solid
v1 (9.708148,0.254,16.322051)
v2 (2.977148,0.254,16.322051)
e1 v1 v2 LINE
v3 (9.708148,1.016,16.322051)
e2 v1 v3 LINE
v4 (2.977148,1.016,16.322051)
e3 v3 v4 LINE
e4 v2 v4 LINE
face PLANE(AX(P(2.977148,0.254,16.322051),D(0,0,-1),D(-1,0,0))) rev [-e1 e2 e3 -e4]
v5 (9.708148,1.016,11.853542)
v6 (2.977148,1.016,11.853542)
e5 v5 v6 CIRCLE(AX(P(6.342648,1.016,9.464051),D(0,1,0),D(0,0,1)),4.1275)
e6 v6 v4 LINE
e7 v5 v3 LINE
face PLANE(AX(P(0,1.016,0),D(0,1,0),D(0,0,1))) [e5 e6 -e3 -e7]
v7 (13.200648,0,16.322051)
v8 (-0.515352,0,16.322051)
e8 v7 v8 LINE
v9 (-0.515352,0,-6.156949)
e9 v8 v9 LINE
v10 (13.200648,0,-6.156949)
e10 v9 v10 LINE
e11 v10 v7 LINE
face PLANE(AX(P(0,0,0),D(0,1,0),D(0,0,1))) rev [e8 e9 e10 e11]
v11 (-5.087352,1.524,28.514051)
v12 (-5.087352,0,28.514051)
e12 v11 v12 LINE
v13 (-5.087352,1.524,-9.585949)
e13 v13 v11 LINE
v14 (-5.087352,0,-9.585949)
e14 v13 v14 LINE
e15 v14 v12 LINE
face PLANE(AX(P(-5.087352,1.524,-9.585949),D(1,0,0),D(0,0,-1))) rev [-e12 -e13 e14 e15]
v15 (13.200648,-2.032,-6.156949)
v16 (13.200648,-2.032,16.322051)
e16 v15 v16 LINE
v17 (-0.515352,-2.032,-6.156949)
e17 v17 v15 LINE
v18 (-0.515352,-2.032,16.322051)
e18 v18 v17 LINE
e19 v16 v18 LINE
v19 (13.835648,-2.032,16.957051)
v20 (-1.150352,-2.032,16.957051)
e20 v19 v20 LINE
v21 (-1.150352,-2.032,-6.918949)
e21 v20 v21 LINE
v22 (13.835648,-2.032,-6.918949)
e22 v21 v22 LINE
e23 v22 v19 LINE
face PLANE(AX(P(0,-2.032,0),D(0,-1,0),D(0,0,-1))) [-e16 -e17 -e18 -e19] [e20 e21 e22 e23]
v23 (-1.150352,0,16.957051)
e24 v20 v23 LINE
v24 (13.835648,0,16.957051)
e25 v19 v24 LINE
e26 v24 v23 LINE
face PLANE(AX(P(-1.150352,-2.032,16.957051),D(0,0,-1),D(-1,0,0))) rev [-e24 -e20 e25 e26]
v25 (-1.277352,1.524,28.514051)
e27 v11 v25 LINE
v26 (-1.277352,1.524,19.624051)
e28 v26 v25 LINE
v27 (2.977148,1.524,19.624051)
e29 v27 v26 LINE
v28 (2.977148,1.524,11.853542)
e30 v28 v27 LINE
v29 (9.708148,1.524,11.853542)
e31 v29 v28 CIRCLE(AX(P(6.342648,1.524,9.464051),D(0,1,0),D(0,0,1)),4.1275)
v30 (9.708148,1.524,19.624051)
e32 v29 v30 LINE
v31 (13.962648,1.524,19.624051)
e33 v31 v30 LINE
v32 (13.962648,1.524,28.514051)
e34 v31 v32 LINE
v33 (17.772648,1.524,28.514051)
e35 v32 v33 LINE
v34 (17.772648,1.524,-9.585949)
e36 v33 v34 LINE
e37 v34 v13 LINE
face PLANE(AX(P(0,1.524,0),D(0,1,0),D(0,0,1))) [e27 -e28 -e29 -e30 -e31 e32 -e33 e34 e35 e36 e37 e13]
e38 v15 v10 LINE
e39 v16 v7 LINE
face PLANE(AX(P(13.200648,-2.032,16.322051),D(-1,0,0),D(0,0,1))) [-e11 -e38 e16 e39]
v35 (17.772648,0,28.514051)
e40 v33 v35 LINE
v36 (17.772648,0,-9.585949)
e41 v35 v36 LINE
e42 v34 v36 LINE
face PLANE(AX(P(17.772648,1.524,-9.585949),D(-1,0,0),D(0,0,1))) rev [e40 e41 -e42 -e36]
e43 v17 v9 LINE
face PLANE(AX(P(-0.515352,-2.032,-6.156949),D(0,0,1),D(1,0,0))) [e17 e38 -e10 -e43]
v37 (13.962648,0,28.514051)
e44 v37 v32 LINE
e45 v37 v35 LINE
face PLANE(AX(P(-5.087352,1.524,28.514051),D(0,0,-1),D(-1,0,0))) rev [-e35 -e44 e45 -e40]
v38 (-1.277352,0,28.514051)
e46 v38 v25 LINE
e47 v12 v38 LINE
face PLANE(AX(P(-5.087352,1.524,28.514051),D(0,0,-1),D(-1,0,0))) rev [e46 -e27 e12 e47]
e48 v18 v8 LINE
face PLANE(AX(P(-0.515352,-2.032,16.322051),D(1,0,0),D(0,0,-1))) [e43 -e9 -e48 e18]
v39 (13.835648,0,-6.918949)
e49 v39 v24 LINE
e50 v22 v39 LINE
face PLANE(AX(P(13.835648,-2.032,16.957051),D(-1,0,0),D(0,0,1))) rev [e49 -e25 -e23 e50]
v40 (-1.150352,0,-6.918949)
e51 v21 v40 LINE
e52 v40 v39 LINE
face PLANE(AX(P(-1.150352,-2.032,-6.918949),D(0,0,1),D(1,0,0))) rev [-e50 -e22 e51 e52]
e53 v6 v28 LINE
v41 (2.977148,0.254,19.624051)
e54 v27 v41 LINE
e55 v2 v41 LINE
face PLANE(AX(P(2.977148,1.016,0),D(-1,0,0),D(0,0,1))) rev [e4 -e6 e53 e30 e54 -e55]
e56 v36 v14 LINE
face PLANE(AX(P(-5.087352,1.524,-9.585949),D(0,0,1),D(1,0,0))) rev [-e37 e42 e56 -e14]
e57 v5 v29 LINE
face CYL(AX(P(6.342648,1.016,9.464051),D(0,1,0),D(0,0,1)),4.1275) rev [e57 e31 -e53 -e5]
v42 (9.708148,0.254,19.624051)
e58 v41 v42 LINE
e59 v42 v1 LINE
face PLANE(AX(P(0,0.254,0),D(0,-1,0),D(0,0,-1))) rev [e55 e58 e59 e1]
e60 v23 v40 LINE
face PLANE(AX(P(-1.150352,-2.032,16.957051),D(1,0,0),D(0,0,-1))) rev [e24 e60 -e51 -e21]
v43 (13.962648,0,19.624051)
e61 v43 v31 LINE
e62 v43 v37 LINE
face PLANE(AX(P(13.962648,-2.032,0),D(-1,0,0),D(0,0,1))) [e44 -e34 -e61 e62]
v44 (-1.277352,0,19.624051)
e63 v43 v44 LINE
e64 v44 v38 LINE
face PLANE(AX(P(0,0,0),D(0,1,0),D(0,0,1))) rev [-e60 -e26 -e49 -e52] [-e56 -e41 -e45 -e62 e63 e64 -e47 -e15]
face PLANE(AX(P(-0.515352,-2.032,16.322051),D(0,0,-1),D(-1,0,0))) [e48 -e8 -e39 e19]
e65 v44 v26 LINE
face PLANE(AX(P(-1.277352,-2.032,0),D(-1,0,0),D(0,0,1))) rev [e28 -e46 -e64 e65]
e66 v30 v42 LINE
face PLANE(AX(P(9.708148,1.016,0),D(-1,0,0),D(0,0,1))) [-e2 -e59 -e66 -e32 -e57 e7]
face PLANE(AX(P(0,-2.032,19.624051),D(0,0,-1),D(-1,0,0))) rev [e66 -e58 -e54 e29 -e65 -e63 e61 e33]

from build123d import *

# Parameters (mm, degrees)
SKETCH1_W           = 22.86
SKETCH1_H           = 38.1
BOSS_EXTRUDE1_DEPTH = 1.524
SKETCH2_W           = 14.986
SKETCH2_H           = 23.876
SKETCH2_W_2         = 13.716
SKETCH2_H_2         = 22.479
BOSS_EXTRUDE2_DEPTH = 2.032
CUT_EXTRUDE2_DEPTH  = 0.508
CUT_EXTRUDE3_START  = 0.508
SKETCH6_W           = 15.24
SKETCH6_H           = 8.89
CUT_EXTRUDE3_DEPTH  = 35.245345025
SKETCH7_W           = 6.731
SKETCH7_H           = 3.302
CUT_EXTRUDE4_DEPTH  = 0.762


with BuildPart() as part:
    # Sketch1 → Boss-Extrude1 (new body)
    with BuildSketch(Plane(origin=(0, 0, 0), x_dir=(1, 0, 0), z_dir=(0, 1, 0))):
        with Locations((6.342648046, -9.464051393)):
            Rectangle(SKETCH1_W, SKETCH1_H)
    extrude(amount=BOSS_EXTRUDE1_DEPTH)

    # Sketch2 → Boss-Extrude2 (add)
    with BuildSketch(Plane.XZ):
        with Locations((6.342648046, 5.019051393)):
            Rectangle(SKETCH2_W, SKETCH2_H)
        with Locations((6.342648046, 5.082551393)):
            Rectangle(SKETCH2_W_2, SKETCH2_H_2, mode=Mode.SUBTRACT)
    extrude(amount=BOSS_EXTRUDE2_DEPTH)

    # Sketch5 → Cut-Extrude2 (cut)
    with BuildSketch(Plane(origin=(0, 1.524, 0), x_dir=(1, 0, 0), z_dir=(0, 1, 0))):
        with BuildLine():
            ThreePointArc((10.470148046, -9.464051393), (5.088623524, -5.531662964), (2.977148046, -11.853542133))
            Line((2.977148046, -11.853542133), (9.708148046, -11.853542133))
            ThreePointArc((9.708148046, -11.853542133), (10.275036474, -10.718075914), (10.470148046, -9.464051393))
        make_face()
        with BuildLine():
            Line((9.708148046, -11.853542133), (2.977148046, -11.853542133))
            ThreePointArc((2.977148046, -11.853542133), (6.342648046, -13.591551393), (9.708148046, -11.853542133))
        make_face()
        with BuildLine():
            ThreePointArc((9.708148046, -11.853542133), (6.342648046, -13.591551393), (2.977148046, -11.853542133))
            Line((2.977148046, -11.853542133), (2.977148046, -28.514051393))
            Line((2.977148046, -28.514051393), (9.708148046, -28.514051393))
            Line((9.708148046, -28.514051393), (9.708148046, -11.853542133))
        make_face()
    extrude(amount=-CUT_EXTRUDE2_DEPTH, mode=Mode.SUBTRACT)

    # Sketch6 → Cut-Extrude3 (cut, through all)
    with BuildSketch(Plane(origin=(0, 1.016, 0), x_dir=(1, 0, 0), z_dir=(0, 1, 0)).offset(CUT_EXTRUDE3_START)):
        with Locations((6.342648046, -24.069051393)):
            Rectangle(SKETCH6_W, SKETCH6_H)
    extrude(amount=-CUT_EXTRUDE3_DEPTH, mode=Mode.SUBTRACT)

    # Sketch7 → Cut-Extrude4 (cut)
    with BuildSketch(Plane(origin=(0, 1.016, 0), x_dir=(1, 0, 0), z_dir=(0, 1, 0))):
        with Locations((6.342648046, -17.973051393)):
            Rectangle(SKETCH7_W, SKETCH7_H)
    extrude(amount=-CUT_EXTRUDE4_DEPTH, mode=Mode.SUBTRACT)


solid = part.part
